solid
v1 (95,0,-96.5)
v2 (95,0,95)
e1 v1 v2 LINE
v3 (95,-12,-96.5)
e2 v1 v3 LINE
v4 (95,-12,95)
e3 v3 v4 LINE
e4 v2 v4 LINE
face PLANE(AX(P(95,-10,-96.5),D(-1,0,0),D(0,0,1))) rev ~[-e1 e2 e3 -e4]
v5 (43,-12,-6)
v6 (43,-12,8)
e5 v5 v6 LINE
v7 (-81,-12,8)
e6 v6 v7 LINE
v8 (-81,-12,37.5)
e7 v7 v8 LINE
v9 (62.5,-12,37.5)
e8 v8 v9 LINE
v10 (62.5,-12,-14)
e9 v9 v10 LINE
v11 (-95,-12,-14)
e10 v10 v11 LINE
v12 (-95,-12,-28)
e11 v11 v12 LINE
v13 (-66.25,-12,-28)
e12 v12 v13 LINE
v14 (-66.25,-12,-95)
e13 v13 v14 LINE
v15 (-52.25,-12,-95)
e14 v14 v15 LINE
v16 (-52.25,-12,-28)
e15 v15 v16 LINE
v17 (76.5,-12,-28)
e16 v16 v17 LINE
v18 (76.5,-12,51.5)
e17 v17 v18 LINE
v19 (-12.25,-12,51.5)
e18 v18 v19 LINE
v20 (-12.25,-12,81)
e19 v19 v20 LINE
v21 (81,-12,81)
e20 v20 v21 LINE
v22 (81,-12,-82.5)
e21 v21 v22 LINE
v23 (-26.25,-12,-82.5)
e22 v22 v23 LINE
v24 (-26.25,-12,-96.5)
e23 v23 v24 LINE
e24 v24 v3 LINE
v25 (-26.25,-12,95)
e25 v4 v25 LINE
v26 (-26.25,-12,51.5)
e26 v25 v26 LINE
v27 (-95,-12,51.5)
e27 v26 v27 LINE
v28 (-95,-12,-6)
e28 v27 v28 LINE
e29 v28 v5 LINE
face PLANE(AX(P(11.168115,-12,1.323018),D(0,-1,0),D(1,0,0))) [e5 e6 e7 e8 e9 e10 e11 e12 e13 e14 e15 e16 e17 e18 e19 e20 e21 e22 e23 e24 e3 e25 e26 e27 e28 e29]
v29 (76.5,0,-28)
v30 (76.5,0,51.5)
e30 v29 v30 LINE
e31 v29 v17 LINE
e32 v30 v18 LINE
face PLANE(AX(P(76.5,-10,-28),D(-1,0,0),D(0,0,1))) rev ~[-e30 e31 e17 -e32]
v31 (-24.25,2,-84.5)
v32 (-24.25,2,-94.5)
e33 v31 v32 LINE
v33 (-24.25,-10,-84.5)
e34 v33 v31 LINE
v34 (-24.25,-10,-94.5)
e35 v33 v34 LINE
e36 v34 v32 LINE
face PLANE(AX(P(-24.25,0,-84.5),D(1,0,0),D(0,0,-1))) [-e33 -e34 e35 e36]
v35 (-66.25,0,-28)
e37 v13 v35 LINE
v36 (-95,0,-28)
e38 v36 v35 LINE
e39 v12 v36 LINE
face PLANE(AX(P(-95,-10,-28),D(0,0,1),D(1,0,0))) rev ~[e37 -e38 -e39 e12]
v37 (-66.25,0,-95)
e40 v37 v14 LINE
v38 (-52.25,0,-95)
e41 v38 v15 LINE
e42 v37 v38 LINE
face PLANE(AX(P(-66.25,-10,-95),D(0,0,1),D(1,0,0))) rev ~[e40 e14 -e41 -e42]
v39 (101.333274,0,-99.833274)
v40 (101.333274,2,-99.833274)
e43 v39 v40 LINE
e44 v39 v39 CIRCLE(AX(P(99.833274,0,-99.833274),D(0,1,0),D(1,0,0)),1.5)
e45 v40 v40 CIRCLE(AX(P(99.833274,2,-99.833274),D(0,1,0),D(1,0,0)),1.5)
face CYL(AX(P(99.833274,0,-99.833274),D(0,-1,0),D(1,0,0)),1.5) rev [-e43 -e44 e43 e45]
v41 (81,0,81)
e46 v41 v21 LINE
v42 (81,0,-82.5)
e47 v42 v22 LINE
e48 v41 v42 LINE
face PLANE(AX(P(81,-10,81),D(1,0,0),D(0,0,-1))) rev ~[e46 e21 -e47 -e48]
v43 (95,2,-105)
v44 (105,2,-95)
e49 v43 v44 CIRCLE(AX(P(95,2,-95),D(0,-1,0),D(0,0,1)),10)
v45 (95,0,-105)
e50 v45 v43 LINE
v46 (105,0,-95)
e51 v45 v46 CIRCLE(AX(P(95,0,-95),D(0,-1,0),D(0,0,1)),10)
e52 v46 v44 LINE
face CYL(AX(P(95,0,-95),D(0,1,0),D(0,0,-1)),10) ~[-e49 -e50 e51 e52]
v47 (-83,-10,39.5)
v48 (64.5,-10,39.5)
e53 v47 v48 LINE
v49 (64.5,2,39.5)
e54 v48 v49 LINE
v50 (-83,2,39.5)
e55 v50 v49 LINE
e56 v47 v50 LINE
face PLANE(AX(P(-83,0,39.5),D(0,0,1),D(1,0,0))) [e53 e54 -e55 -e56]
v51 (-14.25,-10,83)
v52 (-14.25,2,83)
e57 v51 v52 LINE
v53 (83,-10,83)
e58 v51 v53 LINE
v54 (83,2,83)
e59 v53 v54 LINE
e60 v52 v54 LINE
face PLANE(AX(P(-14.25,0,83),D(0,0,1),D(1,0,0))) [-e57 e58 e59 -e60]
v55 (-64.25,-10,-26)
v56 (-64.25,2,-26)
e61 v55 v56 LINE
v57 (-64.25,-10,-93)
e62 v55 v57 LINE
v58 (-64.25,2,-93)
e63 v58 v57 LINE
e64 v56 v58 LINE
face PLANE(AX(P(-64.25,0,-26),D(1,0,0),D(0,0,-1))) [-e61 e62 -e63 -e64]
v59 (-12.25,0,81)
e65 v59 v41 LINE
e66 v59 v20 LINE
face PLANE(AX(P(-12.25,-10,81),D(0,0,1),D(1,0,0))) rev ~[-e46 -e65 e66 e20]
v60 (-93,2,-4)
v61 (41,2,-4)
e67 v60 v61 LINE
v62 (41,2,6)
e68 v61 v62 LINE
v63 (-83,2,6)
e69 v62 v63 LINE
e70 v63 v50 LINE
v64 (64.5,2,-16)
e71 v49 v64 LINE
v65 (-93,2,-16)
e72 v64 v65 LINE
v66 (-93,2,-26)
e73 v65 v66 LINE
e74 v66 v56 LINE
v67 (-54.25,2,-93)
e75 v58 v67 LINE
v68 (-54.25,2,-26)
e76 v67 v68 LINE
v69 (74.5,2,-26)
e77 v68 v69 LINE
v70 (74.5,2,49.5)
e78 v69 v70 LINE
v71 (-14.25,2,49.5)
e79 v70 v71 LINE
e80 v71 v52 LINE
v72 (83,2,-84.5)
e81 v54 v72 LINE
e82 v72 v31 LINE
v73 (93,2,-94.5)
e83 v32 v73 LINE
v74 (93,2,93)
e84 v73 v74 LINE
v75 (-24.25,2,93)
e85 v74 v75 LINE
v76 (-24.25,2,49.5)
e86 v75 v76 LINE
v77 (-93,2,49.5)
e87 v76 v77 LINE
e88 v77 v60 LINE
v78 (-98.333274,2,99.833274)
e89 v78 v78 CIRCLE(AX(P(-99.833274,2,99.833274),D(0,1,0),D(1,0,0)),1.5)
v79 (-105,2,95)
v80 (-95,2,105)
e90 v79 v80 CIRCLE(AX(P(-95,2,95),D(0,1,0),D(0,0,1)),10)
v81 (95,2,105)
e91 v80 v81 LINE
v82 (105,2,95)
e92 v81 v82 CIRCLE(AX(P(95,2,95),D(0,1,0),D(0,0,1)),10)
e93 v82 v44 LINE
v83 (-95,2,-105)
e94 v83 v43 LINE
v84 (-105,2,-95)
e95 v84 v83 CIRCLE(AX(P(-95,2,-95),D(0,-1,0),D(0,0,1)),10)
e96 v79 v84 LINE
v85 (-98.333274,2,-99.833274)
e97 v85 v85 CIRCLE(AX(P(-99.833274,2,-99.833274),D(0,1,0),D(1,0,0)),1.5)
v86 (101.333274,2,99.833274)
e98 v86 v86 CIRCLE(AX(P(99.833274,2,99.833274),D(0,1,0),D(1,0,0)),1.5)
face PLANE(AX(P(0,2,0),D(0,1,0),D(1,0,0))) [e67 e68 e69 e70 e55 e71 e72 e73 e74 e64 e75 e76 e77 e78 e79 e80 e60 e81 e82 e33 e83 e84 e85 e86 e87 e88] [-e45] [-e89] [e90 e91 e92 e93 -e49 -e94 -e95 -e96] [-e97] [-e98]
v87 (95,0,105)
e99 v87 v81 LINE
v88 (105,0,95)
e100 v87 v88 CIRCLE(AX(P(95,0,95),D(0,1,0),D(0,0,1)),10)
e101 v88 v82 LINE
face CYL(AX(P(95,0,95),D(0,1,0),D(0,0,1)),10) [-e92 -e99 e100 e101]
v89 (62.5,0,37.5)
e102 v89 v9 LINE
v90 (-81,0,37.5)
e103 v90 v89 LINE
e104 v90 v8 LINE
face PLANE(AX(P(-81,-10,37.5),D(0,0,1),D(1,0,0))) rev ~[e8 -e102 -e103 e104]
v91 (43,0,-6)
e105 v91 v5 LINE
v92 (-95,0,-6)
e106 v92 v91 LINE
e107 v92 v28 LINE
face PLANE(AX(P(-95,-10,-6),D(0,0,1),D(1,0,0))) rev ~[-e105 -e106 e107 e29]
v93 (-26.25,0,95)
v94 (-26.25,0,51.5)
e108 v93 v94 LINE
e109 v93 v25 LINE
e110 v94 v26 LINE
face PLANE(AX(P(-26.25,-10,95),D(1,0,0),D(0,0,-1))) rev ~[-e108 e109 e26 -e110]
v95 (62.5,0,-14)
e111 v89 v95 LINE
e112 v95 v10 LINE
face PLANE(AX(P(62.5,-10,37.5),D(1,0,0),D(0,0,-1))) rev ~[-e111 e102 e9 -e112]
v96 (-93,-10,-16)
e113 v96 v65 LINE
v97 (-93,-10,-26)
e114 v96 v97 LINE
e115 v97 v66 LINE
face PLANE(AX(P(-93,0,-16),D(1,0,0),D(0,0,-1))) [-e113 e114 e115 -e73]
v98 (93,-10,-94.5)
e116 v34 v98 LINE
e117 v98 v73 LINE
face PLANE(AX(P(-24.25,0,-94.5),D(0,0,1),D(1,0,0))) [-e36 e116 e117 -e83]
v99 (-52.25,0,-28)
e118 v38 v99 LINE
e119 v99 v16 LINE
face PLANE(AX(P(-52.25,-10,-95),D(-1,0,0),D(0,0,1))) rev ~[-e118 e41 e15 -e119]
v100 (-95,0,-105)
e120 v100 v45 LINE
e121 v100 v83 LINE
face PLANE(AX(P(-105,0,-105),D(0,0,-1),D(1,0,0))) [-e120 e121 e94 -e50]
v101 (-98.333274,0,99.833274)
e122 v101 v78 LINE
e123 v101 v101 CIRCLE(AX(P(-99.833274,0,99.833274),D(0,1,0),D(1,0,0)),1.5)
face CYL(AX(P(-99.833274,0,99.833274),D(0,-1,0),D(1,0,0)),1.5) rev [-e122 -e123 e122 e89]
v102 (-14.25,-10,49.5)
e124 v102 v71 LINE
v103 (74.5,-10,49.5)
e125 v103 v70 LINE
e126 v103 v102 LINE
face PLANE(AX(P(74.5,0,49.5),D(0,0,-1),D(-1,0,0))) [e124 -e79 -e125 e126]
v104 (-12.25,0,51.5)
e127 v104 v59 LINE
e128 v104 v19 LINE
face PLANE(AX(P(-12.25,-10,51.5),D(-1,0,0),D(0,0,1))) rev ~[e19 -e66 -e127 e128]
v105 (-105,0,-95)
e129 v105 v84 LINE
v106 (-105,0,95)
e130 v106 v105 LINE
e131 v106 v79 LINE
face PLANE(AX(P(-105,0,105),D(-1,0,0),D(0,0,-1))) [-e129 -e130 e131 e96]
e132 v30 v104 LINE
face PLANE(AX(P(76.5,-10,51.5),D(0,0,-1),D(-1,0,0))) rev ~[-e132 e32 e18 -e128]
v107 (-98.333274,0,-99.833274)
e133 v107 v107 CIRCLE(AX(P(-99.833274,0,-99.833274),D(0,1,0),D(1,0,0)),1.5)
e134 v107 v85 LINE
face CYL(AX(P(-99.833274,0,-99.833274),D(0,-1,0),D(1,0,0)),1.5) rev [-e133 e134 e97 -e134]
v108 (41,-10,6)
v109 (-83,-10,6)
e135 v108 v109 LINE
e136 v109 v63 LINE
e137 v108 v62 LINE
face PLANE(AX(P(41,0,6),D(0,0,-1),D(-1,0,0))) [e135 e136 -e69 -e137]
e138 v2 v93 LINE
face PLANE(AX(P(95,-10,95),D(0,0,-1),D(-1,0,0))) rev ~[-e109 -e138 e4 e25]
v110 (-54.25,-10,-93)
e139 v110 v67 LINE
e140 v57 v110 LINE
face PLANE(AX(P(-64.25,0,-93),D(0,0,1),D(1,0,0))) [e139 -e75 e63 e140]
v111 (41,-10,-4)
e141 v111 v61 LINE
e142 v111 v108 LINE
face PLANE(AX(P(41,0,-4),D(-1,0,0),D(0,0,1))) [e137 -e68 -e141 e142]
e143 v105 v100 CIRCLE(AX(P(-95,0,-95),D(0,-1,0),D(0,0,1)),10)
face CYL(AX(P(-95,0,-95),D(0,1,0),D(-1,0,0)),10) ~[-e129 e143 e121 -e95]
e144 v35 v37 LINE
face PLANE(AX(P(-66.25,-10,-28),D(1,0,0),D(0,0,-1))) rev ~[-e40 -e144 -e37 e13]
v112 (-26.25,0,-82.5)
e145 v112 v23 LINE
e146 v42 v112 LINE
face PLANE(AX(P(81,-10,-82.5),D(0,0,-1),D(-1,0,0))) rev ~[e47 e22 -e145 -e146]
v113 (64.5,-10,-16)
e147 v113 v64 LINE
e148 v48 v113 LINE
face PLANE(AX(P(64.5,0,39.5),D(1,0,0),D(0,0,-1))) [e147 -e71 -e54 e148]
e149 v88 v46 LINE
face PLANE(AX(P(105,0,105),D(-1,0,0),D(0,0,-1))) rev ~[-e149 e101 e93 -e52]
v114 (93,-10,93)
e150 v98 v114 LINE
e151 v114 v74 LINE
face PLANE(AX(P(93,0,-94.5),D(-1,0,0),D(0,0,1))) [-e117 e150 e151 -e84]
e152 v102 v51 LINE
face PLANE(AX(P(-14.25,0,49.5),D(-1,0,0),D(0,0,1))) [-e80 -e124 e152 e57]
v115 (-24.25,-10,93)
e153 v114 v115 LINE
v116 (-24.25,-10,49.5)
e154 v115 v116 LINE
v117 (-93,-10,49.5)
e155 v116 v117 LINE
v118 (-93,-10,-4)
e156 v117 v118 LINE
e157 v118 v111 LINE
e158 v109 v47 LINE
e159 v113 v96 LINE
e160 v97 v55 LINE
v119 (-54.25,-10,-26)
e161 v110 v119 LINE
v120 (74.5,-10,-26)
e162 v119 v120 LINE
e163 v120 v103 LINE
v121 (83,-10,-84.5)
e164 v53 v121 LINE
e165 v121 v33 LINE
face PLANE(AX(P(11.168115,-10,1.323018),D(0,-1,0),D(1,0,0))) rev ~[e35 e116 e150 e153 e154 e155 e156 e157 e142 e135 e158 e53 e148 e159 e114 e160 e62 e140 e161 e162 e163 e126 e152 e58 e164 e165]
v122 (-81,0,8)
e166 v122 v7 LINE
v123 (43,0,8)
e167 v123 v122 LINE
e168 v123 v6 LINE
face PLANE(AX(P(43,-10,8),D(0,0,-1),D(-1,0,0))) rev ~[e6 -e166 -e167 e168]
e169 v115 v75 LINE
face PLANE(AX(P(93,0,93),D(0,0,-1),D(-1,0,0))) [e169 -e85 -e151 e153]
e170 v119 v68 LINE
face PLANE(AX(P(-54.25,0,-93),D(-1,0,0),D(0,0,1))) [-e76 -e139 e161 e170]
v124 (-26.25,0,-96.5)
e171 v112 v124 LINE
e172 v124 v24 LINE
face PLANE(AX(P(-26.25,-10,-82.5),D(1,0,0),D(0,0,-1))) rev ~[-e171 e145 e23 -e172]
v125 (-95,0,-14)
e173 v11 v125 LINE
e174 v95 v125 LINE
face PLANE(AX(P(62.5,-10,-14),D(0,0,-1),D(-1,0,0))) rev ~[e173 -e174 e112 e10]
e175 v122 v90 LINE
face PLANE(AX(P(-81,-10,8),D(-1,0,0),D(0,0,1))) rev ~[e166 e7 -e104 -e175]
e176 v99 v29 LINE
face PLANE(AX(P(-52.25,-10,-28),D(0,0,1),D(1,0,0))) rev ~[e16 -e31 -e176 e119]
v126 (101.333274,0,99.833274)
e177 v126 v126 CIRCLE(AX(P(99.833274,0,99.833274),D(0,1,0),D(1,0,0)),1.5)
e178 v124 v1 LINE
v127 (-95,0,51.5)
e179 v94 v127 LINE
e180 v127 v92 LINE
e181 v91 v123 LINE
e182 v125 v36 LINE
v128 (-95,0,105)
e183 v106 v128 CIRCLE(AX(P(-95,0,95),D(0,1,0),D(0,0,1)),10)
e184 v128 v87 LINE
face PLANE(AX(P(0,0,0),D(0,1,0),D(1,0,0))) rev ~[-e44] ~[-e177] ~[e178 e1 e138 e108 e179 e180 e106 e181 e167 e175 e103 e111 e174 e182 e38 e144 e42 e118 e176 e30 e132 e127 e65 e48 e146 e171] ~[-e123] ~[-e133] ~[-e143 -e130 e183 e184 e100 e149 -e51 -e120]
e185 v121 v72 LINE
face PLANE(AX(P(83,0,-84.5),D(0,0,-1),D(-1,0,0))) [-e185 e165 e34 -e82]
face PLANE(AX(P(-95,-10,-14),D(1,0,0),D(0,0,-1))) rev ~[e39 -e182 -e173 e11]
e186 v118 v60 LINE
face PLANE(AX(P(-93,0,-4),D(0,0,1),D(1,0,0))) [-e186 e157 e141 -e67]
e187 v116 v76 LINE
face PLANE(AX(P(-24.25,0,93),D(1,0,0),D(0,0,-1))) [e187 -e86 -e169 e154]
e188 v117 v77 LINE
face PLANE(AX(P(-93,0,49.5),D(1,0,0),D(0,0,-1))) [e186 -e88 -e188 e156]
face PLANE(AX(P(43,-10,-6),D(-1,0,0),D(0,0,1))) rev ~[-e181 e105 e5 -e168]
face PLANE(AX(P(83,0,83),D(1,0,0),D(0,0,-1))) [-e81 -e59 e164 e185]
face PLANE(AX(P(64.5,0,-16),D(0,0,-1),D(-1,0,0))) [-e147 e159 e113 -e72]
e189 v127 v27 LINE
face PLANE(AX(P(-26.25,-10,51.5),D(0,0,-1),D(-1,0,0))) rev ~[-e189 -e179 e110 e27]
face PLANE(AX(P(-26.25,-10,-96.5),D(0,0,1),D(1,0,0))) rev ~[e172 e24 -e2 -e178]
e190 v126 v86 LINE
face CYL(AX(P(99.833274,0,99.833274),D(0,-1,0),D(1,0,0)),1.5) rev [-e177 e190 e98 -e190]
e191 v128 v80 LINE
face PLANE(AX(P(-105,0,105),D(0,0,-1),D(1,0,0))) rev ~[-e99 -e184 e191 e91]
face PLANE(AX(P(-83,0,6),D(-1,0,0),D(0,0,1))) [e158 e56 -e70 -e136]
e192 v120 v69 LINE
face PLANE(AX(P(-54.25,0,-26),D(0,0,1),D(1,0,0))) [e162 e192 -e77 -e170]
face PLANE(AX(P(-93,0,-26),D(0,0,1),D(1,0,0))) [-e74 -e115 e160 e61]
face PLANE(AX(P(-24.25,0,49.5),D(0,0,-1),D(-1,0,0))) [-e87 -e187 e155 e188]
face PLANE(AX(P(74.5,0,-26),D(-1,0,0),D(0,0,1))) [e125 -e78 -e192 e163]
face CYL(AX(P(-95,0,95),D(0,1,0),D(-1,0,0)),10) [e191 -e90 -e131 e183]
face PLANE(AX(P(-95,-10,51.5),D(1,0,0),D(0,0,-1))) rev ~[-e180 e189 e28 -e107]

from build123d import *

# Parameters (mm, degrees)
SKETCH1_W           = 210
SKETCH1_H           = 210
MAINEXTRUDE_DEPTH   = 2
SKETCH1_6_R         = 1.5
SCREWHOLES_DEPTH    = 2
ROUNDEDCORNERS_R    = 10
TRENCH_DEPTH        = 12
BOSS_EXTRUDE3_DEPTH = 10
BOSS_EXTRUDE4_DEPTH = 2


with BuildPart() as part:
    # Sketch1 → MainExtrude (new body)
    with BuildSketch(Plane(origin=(0, 0, 0), x_dir=(1, 0, 0), z_dir=(0, 1, 0))):
        Rectangle(SKETCH1_W, SKETCH1_H)
    extrude(amount=MAINEXTRUDE_DEPTH)

    # Sketch1<6> → ScrewHoles (cut)
    with BuildSketch(Plane(origin=(0, 0, 0), x_dir=(1, 0, 0), z_dir=(0, 1, 0))):
        with Locations((-99.833273811, 99.833273811)):
            Circle(SKETCH1_6_R)
        with Locations((-99.833273811, -99.833273811)):
            Circle(SKETCH1_6_R)
        with Locations((99.833273811, -99.833273811)):
            Circle(SKETCH1_6_R)
        with Locations((99.833273811, 99.833273811)):
            Circle(SKETCH1_6_R)
    extrude(amount=SCREWHOLES_DEPTH, mode=Mode.SUBTRACT)

    # RoundedCorners
    roundedcorners_edges = [part.edges().sort_by_distance(p)[0] for p in [
        (-105, 1, -105),
        (-105, 1, 105),
        (105, 1, 105),
        (105, 1, -105),
    ]]
    fillet(roundedcorners_edges, radius=ROUNDEDCORNERS_R)

    # Sketch3 → Trench (cut)
    with BuildSketch(Plane(origin=(0, 0, 0), x_dir=(1, 0, 0), z_dir=(0, 1, 0))):
        Polygon((-64.25, 93), (-64.25, 26), (-93, 26), (-93, 16), (64.5, 16), (64.5, -39.5), (-83, -39.5), (-83, -6), (41, -6), (41, 4), (-93, 4), (-93, -49.5), (-24.25, -49.5), (-24.25, -93), (93, -93), (93, 94.5), (-24.25, 94.5), (-24.25, 84.5), (83, 84.5), (83, -83), (-14.25, -83), (-14.25, -49.5), (74.5, -49.5), (74.5, 26), (-54.25, 26), (-54.25, 93), align=None)
    extrude(amount=TRENCH_DEPTH, mode=Mode.SUBTRACT)

    # Sketch7 → Boss-Extrude3 (add)
    with BuildSketch(Plane.XZ):
        Polygon((-66.25, -95), (-52.25, -95), (-52.25, -28), (76.5, -28), (76.5, 51.5), (-12.25, 51.5), (-12.25, 81), (81, 81), (81, -82.5), (-26.25, -82.5), (-26.25, -96.5), (95, -96.5), (95, 95), (-26.25, 95), (-26.25, 51.5), (-95, 51.5), (-95, -6), (43, -6), (43, 8), (-81, 8), (-81, 37.5), (62.5, 37.5), (62.5, -14), (-95, -14), (-95, -28), (-66.25, -28), align=None)
        Polygon((-64.25, -93), (-54.25, -93), (-54.25, -26), (74.5, -26), (74.5, 49.5), (-14.25, 49.5), (-14.25, 83), (83, 83), (83, -84.5), (-24.25, -84.5), (-24.25, -94.5), (93, -94.5), (93, 93), (-24.25, 93), (-24.25, 49.5), (-93, 49.5), (-93, -4), (41, -4), (41, 6), (-83, 6), (-83, 39.5), (64.5, 39.5), (64.5, -16), (-93, -16), (-93, -26), (-64.25, -26), align=None, mode=Mode.SUBTRACT)
    extrude(amount=BOSS_EXTRUDE3_DEPTH)

    # Sketch8 → Boss-Extrude4 (add)
    with BuildSketch(Plane.XZ.offset(10)):
        Polygon((-66.25, -28), (-66.25, -95), (-52.25, -95), (-52.25, -28), (76.5, -28), (76.5, 51.5), (-12.25, 51.5), (-12.25, 81), (81, 81), (81, -82.5), (-26.25, -82.5), (-26.25, -96.5), (95, -96.5), (95, 95), (-26.25, 95), (-26.25, 51.5), (-95, 51.5), (-95, -6), (43, -6), (43, 8), (-81, 8), (-81, 37.5), (62.5, 37.5), (62.5, -14), (-95, -14), (-95, -28), align=None)
    extrude(amount=BOSS_EXTRUDE4_DEPTH)


solid = part.part
